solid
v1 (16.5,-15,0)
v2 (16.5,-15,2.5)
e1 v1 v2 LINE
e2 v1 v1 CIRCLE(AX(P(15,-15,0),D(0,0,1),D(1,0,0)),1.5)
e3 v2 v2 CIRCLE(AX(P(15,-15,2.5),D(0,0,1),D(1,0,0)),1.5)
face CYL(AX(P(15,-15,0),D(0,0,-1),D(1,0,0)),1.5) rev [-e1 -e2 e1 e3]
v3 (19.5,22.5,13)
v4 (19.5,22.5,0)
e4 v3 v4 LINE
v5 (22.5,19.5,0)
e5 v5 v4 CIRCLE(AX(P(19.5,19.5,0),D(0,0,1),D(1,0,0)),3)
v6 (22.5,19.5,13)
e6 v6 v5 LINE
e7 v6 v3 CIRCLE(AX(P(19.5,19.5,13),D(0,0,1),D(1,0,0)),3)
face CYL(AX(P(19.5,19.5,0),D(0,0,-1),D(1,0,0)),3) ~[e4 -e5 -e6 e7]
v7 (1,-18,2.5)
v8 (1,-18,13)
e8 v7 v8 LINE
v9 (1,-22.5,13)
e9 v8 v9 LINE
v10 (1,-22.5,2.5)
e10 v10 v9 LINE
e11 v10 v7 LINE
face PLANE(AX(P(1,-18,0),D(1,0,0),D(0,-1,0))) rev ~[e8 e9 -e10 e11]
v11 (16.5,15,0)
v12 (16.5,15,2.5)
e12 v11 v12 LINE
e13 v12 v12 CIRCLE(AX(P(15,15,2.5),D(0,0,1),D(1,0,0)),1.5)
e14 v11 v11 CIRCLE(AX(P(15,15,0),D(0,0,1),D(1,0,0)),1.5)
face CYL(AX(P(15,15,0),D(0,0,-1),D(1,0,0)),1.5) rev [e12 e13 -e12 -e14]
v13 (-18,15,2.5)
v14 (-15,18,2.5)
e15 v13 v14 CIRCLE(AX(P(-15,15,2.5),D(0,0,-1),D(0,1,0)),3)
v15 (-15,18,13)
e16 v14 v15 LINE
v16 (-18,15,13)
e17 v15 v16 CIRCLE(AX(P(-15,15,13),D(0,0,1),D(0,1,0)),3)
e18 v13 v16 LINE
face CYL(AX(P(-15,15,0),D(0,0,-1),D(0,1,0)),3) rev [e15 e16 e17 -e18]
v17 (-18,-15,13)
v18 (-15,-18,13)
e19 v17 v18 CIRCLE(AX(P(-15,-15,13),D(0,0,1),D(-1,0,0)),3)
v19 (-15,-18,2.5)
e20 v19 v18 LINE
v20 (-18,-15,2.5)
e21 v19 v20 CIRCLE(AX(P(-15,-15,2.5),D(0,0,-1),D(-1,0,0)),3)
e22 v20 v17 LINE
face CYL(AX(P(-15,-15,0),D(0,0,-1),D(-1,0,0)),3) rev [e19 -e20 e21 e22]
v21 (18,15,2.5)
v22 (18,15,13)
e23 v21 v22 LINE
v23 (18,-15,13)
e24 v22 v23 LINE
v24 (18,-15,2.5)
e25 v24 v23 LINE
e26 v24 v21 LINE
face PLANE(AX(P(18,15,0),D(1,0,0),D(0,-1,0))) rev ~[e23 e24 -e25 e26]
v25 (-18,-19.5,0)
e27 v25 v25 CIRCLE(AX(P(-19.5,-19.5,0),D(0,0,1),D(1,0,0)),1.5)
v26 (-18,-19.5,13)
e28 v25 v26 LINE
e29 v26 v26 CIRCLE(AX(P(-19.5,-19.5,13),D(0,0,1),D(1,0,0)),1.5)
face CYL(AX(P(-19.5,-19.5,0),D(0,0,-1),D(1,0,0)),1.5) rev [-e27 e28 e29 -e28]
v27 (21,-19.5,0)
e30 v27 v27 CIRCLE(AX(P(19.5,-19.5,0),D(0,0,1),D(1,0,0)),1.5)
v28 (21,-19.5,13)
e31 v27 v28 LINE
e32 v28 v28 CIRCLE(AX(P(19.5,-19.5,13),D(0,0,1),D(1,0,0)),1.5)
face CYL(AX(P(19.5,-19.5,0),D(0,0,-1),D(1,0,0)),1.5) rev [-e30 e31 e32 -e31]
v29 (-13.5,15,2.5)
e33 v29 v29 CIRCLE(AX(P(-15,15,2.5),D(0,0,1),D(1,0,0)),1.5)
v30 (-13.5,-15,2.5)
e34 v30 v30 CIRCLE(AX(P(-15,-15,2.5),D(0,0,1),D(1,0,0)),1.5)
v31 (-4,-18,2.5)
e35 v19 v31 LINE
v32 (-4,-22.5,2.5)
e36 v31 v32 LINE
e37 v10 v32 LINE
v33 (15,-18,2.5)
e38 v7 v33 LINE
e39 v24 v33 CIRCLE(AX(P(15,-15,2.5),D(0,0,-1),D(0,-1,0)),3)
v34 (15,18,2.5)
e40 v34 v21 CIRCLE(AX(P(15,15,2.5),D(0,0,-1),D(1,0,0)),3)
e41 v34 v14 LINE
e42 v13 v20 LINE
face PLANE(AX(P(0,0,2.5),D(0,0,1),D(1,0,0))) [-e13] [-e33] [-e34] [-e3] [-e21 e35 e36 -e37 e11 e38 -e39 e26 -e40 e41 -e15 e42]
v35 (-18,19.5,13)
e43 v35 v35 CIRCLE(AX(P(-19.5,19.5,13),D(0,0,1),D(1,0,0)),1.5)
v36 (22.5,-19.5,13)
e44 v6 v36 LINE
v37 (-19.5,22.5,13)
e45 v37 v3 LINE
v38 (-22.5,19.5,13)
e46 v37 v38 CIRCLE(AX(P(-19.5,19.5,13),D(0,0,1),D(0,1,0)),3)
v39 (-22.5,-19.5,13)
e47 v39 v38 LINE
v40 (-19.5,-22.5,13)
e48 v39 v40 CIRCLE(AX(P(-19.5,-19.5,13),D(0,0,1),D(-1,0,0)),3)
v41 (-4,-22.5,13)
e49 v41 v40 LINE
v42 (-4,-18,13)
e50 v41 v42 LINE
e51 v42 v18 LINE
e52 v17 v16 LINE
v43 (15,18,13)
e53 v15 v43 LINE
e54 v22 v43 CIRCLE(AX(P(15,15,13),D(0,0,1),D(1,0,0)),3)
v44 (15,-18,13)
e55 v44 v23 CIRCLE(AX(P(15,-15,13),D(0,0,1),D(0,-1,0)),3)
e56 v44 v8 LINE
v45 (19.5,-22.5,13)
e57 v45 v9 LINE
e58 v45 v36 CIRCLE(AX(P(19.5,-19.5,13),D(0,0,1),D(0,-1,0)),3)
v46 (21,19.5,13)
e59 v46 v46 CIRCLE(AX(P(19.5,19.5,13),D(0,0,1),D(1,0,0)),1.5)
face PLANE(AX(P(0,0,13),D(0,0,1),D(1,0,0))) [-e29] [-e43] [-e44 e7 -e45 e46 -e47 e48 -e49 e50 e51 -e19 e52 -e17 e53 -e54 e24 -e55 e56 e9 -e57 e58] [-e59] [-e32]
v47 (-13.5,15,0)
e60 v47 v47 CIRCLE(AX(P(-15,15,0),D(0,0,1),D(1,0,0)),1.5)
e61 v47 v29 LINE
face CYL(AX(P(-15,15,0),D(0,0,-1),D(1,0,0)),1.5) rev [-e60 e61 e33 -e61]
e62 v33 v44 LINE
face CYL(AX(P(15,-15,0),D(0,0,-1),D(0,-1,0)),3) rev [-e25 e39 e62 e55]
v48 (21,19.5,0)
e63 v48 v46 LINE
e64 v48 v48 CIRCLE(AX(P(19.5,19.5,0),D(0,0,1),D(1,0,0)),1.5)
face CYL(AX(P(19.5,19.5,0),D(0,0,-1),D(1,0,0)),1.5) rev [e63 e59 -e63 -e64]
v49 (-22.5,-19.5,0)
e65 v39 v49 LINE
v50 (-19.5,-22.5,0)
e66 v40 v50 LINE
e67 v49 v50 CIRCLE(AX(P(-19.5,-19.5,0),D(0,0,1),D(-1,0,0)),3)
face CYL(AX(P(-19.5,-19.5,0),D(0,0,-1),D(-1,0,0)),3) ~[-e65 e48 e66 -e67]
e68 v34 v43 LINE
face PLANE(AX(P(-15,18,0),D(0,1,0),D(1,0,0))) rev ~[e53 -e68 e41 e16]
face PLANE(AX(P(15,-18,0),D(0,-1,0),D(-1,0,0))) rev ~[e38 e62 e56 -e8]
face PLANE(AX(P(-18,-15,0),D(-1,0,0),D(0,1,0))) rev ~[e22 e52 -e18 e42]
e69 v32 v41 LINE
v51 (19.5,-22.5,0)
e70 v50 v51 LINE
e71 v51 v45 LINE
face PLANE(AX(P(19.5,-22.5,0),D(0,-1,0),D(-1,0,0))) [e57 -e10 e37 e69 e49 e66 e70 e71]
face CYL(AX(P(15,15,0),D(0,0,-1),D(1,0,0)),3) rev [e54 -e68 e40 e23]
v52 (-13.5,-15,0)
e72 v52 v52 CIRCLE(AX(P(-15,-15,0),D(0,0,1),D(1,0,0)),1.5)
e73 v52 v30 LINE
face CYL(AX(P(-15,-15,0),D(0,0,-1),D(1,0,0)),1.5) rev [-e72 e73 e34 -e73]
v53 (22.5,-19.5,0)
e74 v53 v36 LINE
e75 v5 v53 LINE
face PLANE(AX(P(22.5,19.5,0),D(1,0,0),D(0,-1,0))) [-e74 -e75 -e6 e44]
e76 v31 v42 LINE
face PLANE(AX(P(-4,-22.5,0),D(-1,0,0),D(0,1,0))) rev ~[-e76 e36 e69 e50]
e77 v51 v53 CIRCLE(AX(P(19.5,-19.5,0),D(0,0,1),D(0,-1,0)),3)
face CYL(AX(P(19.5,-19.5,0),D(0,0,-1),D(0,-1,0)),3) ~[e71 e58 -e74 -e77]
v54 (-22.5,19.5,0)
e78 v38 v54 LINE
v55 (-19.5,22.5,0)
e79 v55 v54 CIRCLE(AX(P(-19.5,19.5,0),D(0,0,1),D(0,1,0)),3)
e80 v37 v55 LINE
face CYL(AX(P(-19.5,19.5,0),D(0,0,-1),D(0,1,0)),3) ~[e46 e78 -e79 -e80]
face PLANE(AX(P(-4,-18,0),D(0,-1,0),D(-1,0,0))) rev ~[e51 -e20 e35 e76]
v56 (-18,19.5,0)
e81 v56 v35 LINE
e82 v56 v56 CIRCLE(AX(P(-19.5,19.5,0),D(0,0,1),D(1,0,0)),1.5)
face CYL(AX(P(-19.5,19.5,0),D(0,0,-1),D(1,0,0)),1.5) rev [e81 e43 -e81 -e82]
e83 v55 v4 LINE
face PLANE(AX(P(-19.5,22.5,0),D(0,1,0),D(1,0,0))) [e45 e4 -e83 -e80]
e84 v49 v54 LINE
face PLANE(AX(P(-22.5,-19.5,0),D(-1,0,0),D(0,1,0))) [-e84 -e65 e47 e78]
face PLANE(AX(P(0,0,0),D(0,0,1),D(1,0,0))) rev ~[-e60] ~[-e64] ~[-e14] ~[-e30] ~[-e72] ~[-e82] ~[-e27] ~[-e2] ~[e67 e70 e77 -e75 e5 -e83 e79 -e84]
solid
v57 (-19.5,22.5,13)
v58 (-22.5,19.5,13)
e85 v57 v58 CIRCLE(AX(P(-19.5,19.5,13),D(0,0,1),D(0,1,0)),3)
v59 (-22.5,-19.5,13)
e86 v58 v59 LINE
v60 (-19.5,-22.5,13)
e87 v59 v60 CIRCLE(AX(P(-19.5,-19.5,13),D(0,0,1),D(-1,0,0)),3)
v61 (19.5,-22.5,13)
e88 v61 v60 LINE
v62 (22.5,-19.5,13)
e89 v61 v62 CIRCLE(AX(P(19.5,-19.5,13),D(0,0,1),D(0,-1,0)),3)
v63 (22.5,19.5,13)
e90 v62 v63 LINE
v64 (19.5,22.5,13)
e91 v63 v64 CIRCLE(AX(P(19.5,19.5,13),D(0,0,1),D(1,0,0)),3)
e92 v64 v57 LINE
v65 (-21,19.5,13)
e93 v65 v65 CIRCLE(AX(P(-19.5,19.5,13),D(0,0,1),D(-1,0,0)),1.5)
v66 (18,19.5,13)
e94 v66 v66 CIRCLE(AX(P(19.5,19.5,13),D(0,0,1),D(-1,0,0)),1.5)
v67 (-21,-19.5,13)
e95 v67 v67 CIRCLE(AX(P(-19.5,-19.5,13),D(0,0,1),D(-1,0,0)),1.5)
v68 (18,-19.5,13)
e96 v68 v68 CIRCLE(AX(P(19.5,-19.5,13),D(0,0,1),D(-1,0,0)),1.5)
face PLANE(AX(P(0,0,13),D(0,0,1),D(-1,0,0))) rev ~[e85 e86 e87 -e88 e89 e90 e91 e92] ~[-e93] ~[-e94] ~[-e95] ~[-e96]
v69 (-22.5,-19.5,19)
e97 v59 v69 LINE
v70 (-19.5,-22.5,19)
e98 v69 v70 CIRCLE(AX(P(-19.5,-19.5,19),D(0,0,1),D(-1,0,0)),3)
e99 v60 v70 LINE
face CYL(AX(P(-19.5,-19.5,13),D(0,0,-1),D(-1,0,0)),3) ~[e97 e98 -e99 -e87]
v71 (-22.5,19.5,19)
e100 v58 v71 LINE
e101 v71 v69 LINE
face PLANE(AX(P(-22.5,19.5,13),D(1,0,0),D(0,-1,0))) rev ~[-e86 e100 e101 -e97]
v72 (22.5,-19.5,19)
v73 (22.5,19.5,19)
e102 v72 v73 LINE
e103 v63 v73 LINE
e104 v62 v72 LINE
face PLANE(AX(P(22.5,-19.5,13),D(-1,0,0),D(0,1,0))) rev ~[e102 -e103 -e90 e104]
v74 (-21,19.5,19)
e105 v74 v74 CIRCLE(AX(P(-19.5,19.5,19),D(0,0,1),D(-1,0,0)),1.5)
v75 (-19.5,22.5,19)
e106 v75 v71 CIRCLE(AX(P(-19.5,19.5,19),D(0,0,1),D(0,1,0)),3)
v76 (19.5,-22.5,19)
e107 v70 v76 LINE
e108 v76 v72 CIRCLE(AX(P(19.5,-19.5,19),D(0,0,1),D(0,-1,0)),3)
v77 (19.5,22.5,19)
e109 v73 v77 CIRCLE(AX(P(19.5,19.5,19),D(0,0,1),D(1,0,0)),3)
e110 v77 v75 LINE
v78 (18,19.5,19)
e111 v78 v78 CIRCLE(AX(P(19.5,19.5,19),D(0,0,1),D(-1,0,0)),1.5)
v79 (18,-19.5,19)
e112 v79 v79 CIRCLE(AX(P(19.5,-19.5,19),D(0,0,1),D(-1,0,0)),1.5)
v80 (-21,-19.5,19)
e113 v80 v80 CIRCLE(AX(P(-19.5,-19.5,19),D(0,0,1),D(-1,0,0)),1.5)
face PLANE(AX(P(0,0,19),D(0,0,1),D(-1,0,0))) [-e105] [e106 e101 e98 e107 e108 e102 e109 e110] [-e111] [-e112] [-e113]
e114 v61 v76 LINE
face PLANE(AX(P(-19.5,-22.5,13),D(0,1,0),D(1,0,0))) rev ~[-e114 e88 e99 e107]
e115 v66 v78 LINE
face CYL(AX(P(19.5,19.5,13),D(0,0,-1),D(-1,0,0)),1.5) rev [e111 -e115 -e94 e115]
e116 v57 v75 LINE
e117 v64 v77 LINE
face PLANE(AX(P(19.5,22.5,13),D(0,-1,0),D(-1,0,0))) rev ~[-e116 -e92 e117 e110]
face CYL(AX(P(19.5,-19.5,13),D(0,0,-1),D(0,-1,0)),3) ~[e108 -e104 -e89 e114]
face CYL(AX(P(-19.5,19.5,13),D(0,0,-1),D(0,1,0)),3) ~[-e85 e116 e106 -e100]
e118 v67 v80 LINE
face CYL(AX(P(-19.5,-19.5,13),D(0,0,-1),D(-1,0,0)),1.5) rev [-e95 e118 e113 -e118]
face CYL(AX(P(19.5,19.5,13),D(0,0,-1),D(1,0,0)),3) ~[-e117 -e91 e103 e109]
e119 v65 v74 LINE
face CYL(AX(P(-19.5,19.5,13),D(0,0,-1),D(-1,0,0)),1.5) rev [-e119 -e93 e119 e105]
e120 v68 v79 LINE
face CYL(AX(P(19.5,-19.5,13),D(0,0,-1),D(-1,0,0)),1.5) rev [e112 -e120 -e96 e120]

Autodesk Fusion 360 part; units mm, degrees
sketch "Skizze1" plane through (0, 0, 0) normal (0, 0, 1) x (1, 0, 0)
  line L0 (15, -17.5) -> (-15, -17.5)
  line L1 (-17.5, -15) -> (-17.5, 15)
  line L2 (-15, 17.5) -> (15, 17.5)
  line L3 (17.5, 15) -> (17.5, -15)
  line L4 (17.5, -17.5) -> (-17.5, 17.5) construction
  line L5 (-17.5, -17.5) -> (17.5, 17.5) construction
  circle A0 centre (-15, 15) radius 1.5
  arc A1 (-15, 17.5) -> (-17.5, 15) centre (-15, 15) ccw
  arc A2 (-17.5, -15) -> (-15, -17.5) centre (-15, -15) ccw
  arc A3 (15, -17.5) -> (17.5, -15) centre (15, -15) ccw
  arc A4 (17.5, 15) -> (15, 17.5) centre (15, 15) ccw
  circle A5 centre (15, 15) radius 1.5
  circle A6 centre (-15, -15) radius 1.5
  circle A7 centre (15, -15) radius 1.5
  dimension "d1" = 35
  dimension "d2" = 35
  dimension "d3" = 3
  dimension "d4" = 2.5
  dimension "d5" = 2.5
  dimension "d8" = 30
  dimension "d9" = -30
sketch "Skizze2" plane through (0, 0, 0) normal (0, 0, 1) x (1, 0, 0)
  line L0 (19.5, -22.5) -> (-19.5, -22.5)
  line L1 (-22.5, -19.5) -> (-22.5, 19.5)
  line L2 (-19.5, 22.5) -> (19.5, 22.5)
  line L3 (22.5, 19.5) -> (22.5, -19.5)
  line L4 (22.5, -22.5) -> (-22.5, 22.5) construction
  line L5 (-22.5, -22.5) -> (22.5, 22.5) construction
  arc A0 (-19.5, 22.5) -> (-22.5, 19.5) centre (-19.5, 19.5) ccw
  arc A1 (22.5, 19.5) -> (19.5, 22.5) centre (19.5, 19.5) ccw
  arc A2 (19.5, -22.5) -> (22.5, -19.5) centre (19.5, -19.5) ccw
  arc A3 (-22.5, -19.5) -> (-19.5, -22.5) centre (-19.5, -19.5) ccw
  line L6 (15, -18) -> (-15, -18)
  line L7 (-18, -15) -> (-18, 15)
  line L8 (-15, 18) -> (15, 18)
  line L9 (18, 15) -> (18, -15)
  line L10 (18, -18) -> (-18, 18) construction
  line L11 (-18, -18) -> (18, 18) construction
  arc A4 (-15, 18) -> (-18, 15) centre (-15, 15) ccw
  arc A5 (-18, -15) -> (-15, -18) centre (-15, -15) ccw
  arc A6 (15, -18) -> (18, -15) centre (15, -15) ccw
  arc A7 (18, 15) -> (15, 18) centre (15, 15) ccw
  circle A8 centre (-19.5, 19.5) radius 1.5
  circle A9 centre (19.5, 19.5) radius 1.5
  circle A10 centre (-19.5, -19.5) radius 1.5
  circle A11 centre (19.5, -19.5) radius 1.5
  line L12 (-4, -18) -> (1, -18)
  line L13 (1, -18) -> (1, -22.5)
  line L14 (1, -22.5) -> (-4, -22.5)
  line L15 (-4, -22.5) -> (-4, -18)
  dimension "d10" = 45
  dimension "d11" = 45
  dimension "d12" = 3
  dimension "d13" = 3
  dimension "d24" = 3
  dimension "d25" = 3
  dimension "d28" = 39
  dimension "d29" = -39
  dimension "d30" = 5
  dimension "d31" = 14
extrude "Extrusion1" add sketch "Skizze2" along normal blind 2.5 makes body 1
extrude "Extrusion2" add sketch "Skizze2" along normal blind 13 contours L0 L1 L2 L3 A0 A1 A2 A3 L6 L7 L8 L9 A4 A5 A6 A7 L13 L15 bodies 1
extrude "Extrusion4" cut sketch "Skizze1" along normal blind 2.5 contours A0 | A5 | A6 | A7 bodies 1
thread "Gewinde1" thread offset 0 thread length 10
sketch "Skizze3" plane through (0, 0, 13) normal (0, 0, 1) x (-1, 0, 0)
  circle A0 centre (19.5, -19.5) radius 1.5
  circle A1 centre (-19.5, -19.5) radius 1.5
  circle A2 centre (19.5, 19.5) radius 1.5
  circle A3 centre (-19.5, 19.5) radius 1.5
  arc A4 (22.5, 19.5) -> (19.5, 22.5) centre (19.5, 19.5) ccw
  line L0 (19.5, 22.5) -> (4, 22.5)
  line L1 (4, 22.5) -> (4, 18)
  line L2 (4, 18) -> (15, 18)
  arc A5 (18, 15) -> (15, 18) centre (15, 15) ccw
  line L3 (18, 15) -> (18, -15)
  arc A6 (15, -18) -> (18, -15) centre (15, -15) ccw
  line L4 (15, -18) -> (-15, -18)
  arc A7 (-18, -15) -> (-15, -18) centre (-15, -15) ccw
  line L5 (-18, -15) -> (-18, 15)
  arc A8 (-15, 18) -> (-18, 15) centre (-15, 15) ccw
  line L6 (-15, 18) -> (-1, 18)
  line L7 (-1, 18) -> (-1, 22.5)
  line L8 (-1, 22.5) -> (-19.5, 22.5)
  arc A9 (-19.5, 22.5) -> (-22.5, 19.5) centre (-19.5, 19.5) ccw
  line L9 (-22.5, 19.5) -> (-22.5, -19.5)
  arc A10 (-22.5, -19.5) -> (-19.5, -22.5) centre (-19.5, -19.5) ccw
  line L10 (-19.5, -22.5) -> (19.5, -22.5)
  arc A11 (19.5, -22.5) -> (22.5, -19.5) centre (19.5, -19.5) ccw
  line L11 (22.5, -19.5) -> (22.5, 19.5)
  line L12 (-19.5, 22.5) -> (19.5, 22.5)
  line L13 (22.5, 19.5) -> (22.5, -19.5)
  line L14 (19.5, -22.5) -> (-19.5, -22.5)
  line L15 (-22.5, -19.5) -> (-22.5, 19.5)
  line L16 (-22.5, 22.5) -> (22.5, -22.5) construction
  line L17 (22.5, 22.5) -> (-22.5, -22.5) construction
  arc A12 (19.5, -22.5) -> (22.5, -19.5) centre (19.5, -19.5) ccw
  arc A13 (22.5, 19.5) -> (19.5, 22.5) centre (19.5, 19.5) ccw
  arc A14 (-19.5, 22.5) -> (-22.5, 19.5) centre (-19.5, 19.5) ccw
  arc A15 (-22.5, -19.5) -> (-19.5, -22.5) centre (-19.5, -19.5) ccw
  dimension "d32" = 45
  dimension "d33" = 45
  dimension "d34" = 3
extrude "Extrusion5" add sketch "Skizze3" along normal blind 6 separate body makes body 2
